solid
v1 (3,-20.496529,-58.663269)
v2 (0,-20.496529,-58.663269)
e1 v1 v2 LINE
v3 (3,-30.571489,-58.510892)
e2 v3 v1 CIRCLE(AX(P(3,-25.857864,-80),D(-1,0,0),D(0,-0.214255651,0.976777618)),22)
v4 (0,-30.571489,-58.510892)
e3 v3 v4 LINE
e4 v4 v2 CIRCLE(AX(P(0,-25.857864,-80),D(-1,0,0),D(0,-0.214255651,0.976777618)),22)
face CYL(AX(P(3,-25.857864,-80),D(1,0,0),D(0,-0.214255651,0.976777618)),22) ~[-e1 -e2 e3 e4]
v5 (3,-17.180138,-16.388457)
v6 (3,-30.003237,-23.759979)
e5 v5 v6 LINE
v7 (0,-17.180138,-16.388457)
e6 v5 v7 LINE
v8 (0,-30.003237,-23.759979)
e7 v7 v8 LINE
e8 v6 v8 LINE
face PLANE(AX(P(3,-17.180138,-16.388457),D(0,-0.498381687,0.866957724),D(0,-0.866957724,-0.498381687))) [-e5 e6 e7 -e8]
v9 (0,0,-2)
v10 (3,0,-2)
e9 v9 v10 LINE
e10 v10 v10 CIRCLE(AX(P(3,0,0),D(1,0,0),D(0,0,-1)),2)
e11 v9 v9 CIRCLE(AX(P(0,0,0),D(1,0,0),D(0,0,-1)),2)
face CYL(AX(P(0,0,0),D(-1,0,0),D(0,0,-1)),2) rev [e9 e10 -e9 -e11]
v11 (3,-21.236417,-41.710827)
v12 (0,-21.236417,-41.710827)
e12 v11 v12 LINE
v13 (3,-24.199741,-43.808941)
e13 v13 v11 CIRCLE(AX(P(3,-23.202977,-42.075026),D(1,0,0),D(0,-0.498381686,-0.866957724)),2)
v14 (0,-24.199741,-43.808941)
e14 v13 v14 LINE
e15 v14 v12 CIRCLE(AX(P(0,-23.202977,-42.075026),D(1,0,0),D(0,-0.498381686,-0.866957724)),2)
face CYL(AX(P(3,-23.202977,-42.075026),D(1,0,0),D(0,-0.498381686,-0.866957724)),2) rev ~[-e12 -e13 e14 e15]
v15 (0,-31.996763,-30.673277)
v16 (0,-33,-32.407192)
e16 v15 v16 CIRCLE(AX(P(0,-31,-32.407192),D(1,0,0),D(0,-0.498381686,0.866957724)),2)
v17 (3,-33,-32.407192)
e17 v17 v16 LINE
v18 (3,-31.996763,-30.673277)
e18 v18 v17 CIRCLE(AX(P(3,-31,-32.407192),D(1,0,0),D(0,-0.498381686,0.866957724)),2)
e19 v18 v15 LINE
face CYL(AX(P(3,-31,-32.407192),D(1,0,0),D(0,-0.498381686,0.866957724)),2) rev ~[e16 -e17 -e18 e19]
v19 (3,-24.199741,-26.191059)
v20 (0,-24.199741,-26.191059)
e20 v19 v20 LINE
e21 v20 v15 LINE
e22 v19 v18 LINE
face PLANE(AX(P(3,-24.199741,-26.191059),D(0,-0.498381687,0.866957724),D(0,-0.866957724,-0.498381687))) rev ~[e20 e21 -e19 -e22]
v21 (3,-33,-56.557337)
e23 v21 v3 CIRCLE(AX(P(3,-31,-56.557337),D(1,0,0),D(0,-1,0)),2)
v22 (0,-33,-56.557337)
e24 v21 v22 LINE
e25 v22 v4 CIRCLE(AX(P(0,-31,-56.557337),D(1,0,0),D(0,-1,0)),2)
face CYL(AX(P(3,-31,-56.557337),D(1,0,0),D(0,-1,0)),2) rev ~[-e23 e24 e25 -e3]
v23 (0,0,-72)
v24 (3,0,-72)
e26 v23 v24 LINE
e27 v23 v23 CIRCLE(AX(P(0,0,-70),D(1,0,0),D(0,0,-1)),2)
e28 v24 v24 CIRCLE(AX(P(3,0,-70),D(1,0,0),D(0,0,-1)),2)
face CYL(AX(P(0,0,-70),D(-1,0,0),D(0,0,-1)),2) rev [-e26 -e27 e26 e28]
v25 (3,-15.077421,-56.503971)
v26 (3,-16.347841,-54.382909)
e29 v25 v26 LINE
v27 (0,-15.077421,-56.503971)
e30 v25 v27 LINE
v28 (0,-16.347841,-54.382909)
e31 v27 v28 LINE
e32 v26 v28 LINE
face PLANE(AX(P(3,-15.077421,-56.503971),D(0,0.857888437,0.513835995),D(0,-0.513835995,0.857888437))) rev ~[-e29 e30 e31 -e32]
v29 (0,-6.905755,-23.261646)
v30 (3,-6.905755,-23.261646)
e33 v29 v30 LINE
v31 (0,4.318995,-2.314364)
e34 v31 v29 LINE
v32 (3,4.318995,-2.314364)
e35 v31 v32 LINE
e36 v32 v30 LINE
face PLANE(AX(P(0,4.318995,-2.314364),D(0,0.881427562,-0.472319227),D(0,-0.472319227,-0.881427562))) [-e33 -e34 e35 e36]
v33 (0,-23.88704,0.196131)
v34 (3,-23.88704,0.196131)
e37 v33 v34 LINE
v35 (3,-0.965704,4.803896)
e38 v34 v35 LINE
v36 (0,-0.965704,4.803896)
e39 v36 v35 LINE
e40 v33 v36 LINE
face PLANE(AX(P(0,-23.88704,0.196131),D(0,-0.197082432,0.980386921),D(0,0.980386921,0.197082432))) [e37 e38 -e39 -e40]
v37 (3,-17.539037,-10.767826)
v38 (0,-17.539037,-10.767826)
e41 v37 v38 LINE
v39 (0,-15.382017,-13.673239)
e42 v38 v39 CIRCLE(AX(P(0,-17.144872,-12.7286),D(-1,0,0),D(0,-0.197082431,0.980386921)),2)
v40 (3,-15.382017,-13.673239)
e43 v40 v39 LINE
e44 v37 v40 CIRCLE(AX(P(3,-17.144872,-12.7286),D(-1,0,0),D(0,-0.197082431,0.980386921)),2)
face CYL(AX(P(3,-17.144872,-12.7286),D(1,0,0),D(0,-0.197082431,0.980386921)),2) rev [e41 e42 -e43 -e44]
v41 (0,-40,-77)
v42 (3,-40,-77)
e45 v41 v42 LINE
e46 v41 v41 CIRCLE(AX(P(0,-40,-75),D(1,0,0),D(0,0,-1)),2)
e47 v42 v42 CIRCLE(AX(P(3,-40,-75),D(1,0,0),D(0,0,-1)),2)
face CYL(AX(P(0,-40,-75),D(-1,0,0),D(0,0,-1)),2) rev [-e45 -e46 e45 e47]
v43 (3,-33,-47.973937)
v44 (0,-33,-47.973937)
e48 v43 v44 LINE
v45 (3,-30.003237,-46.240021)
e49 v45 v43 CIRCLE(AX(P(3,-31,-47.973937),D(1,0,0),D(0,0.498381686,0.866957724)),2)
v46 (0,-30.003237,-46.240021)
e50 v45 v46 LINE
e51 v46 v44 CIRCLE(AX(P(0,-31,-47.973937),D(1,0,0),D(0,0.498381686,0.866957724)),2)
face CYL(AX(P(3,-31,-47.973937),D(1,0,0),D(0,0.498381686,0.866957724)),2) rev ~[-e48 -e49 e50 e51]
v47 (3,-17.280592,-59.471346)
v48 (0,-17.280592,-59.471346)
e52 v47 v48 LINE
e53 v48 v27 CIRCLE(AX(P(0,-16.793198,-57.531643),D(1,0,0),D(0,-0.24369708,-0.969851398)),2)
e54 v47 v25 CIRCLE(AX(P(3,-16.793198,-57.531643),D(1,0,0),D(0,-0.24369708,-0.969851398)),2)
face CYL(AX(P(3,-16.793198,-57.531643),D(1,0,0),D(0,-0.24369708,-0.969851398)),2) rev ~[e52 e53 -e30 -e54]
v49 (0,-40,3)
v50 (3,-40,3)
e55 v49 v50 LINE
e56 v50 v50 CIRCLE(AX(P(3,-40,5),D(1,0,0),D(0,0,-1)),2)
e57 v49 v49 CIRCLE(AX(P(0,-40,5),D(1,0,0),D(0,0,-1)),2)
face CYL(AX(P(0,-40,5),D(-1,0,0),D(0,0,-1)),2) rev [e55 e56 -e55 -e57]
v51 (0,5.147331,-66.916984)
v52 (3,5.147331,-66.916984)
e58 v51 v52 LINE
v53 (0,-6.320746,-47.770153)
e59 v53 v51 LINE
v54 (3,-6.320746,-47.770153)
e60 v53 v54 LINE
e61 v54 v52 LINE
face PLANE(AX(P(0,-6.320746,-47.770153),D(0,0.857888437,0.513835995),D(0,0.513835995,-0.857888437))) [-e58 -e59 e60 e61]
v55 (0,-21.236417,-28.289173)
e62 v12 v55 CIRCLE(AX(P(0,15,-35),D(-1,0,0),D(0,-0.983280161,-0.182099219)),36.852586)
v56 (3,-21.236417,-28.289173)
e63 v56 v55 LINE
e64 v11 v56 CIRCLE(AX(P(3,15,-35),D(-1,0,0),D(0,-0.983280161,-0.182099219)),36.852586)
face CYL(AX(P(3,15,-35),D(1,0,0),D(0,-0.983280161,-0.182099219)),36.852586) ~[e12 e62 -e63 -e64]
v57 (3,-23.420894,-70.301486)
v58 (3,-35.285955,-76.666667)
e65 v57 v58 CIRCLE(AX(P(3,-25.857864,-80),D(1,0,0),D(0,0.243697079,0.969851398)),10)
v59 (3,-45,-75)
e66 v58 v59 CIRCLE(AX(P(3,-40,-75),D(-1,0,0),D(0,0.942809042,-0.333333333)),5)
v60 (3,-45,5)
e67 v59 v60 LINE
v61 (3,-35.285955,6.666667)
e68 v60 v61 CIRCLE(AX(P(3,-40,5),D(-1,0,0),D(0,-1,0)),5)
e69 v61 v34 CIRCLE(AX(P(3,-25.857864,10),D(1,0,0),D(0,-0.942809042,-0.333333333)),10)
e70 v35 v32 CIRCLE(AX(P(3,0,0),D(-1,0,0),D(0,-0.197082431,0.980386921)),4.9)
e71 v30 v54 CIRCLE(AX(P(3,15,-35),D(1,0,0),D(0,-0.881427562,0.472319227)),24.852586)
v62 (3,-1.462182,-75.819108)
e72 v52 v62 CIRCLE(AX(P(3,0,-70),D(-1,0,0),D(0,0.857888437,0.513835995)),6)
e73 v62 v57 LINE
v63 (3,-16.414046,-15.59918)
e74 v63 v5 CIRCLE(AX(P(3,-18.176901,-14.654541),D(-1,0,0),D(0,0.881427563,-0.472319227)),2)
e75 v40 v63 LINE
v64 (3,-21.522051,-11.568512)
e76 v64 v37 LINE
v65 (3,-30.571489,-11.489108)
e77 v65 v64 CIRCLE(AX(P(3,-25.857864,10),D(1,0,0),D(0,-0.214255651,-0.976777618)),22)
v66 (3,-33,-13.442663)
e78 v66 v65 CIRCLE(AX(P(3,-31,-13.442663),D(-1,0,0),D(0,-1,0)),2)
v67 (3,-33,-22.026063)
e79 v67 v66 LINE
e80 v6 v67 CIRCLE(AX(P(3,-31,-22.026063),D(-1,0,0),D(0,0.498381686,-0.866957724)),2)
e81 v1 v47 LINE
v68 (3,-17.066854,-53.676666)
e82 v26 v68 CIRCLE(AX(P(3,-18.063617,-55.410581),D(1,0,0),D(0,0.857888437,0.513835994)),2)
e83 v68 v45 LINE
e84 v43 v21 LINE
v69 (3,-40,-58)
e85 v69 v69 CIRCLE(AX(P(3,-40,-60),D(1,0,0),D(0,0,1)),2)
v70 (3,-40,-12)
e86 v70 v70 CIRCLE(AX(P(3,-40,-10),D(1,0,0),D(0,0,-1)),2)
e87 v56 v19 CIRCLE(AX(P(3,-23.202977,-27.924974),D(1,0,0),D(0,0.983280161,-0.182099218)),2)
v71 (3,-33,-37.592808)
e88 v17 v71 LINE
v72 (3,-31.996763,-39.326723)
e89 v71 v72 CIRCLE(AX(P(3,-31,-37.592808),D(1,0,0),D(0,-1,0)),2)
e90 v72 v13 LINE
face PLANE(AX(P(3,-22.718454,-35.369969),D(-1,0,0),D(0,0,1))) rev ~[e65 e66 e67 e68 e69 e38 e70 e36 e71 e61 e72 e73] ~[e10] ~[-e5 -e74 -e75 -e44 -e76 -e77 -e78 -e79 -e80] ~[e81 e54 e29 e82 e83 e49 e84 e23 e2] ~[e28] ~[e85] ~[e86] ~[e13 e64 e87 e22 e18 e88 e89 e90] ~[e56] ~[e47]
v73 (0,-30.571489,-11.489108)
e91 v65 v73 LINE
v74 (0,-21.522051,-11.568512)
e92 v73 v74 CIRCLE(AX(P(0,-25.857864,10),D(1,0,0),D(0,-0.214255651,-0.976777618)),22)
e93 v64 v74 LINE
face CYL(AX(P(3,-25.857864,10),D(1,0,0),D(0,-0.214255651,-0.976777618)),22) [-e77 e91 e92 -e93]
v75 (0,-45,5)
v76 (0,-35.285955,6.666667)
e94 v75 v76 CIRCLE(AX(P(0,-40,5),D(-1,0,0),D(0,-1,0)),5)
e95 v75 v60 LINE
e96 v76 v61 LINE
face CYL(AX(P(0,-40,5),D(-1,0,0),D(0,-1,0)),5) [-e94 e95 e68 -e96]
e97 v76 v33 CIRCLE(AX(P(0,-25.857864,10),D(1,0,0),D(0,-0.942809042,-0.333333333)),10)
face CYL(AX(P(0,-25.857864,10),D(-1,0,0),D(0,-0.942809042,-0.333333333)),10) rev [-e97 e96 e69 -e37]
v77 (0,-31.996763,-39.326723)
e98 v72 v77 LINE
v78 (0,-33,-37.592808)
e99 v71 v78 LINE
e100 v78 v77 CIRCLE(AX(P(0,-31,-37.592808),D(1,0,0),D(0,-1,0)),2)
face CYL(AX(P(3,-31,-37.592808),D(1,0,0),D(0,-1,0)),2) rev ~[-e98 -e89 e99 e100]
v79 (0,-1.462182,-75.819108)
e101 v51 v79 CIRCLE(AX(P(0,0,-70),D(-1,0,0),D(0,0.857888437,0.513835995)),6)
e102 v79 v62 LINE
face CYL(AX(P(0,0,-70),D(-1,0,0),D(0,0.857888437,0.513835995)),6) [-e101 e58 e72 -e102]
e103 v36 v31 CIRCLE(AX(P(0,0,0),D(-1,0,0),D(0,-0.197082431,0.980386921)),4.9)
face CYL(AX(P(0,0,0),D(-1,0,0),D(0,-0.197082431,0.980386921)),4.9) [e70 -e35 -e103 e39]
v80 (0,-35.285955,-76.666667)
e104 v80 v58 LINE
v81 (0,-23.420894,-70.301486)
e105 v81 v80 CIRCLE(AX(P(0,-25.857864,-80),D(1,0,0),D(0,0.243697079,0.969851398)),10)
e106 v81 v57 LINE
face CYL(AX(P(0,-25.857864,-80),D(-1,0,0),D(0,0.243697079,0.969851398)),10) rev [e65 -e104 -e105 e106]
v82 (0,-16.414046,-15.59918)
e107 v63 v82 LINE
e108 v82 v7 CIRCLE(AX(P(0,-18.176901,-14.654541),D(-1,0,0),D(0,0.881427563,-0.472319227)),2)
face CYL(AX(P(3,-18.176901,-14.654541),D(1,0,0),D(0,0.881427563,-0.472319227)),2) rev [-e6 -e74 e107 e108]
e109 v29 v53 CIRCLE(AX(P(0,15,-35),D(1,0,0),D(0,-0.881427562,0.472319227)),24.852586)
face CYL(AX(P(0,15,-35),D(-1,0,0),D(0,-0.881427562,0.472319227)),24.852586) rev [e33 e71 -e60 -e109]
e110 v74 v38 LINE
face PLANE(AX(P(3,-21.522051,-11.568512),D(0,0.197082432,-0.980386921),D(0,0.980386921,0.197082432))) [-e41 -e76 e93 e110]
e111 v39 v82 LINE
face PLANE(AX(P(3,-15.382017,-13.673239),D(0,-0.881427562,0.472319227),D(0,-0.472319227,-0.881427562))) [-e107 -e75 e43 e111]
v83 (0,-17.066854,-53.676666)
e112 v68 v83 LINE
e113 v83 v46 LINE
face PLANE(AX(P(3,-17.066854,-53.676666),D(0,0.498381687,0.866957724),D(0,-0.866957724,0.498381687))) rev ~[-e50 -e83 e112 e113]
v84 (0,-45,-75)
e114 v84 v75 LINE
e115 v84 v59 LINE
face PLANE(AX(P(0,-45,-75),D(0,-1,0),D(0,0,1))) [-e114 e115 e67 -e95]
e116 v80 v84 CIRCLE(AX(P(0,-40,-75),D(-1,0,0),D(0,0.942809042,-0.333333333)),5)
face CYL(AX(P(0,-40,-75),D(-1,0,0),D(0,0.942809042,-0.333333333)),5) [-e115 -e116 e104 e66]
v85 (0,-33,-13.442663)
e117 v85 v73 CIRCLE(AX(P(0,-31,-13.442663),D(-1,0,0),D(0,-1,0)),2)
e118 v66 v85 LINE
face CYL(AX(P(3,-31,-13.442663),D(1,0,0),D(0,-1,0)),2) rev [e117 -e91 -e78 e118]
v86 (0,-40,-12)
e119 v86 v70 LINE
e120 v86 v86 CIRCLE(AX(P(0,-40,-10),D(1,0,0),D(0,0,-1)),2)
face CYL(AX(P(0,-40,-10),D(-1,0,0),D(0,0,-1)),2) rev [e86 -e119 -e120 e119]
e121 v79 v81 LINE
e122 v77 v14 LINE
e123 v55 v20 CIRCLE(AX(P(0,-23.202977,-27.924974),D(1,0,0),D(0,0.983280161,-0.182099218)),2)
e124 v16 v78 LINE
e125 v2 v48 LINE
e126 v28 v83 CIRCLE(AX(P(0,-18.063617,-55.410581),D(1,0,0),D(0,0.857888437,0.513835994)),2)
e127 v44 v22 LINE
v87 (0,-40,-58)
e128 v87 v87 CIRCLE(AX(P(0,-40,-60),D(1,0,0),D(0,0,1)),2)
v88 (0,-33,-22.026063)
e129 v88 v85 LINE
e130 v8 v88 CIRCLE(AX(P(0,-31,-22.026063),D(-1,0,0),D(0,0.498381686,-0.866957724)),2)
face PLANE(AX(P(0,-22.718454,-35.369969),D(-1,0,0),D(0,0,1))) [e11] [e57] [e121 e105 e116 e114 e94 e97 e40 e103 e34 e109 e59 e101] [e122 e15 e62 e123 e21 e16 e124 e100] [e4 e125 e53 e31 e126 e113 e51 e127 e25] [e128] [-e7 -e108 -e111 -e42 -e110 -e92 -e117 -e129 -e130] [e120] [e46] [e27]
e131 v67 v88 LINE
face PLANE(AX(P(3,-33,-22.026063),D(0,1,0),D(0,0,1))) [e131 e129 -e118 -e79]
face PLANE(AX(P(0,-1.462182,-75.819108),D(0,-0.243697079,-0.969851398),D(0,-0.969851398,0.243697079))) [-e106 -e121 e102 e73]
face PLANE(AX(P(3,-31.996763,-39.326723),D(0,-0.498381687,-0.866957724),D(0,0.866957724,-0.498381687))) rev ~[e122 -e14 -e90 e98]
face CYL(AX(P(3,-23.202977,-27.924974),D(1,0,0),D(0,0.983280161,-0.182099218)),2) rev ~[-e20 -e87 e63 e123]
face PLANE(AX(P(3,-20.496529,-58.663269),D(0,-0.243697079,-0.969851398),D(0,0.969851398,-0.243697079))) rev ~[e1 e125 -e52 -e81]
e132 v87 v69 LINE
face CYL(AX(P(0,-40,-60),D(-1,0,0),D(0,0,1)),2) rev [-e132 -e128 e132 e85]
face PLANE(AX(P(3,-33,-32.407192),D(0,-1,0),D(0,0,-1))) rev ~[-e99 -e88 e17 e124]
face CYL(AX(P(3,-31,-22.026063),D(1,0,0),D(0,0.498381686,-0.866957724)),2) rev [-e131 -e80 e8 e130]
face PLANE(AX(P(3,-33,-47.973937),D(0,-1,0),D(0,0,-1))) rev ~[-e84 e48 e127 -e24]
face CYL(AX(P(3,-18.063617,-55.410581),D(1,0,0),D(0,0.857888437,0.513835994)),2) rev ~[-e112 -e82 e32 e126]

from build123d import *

# Parameters (mm, degrees)
SKETCH_1_R          = 2
EXTRUDE_1_DEPTH     = 3
CUT_EXTRUDE_1_DEPTH = 3


with BuildPart() as part:
    # ｽｹｯﾁ1 → ﾎﾞｽ - 押し出し1 (new body)
    with BuildSketch(Plane(origin=(0, 0, 0), x_dir=(0, 0, -1), z_dir=(1, 0, 0))):
        with BuildLine():
            Line((75.819108386, -1.462182475), (70.301486023, -23.420893584))
            ThreePointArc((70.301486023, -23.420893584), (71.18795254, -30.585212423), (76.666666667, -35.285954792))
            ThreePointArc((76.666666667, -35.285954792), (79.927992798, -40.845509894), (75, -45))
            Line((75, -45), (-5, -45))
            ThreePointArc((-5, -45), (-9.927992798, -40.845509894), (-6.666666667, -35.285954792))
            ThreePointArc((-6.666666667, -35.285954792), (-1.303429587, -30.794428268), (-0.196130789, -23.88704006))
            Line((-0.196130789, -23.88704006), (-4.803895914, -0.965703915))
            ThreePointArc((-4.803895914, -0.965703915), (-2.920865081, 3.934278482), (2.314364214, 4.318995055))
            Line((2.314364214, 4.318995055), (23.261645602, -6.905754637))
            ThreePointArc((23.261645602, -6.905754637), (35.593052242, -9.845509438), (47.770153464, -6.320746485))
            Line((47.770153464, -6.320746485), (66.916984028, 5.14733062))
            ThreePointArc((66.916984028, 5.14733062), (73.576725635, 4.817367926), (75.819108386, -1.462182475))
        make_face()
        Circle(SKETCH_1_R, mode=Mode.SUBTRACT)
        with Locations((70, 0)):
            Circle(SKETCH_1_R, mode=Mode.SUBTRACT)
        with Locations((-5, -40)):
            Circle(SKETCH_1_R, mode=Mode.SUBTRACT)
        with Locations((75, -40)):
            Circle(SKETCH_1_R, mode=Mode.SUBTRACT)
        with Locations((10, -40)):
            Circle(SKETCH_1_R, mode=Mode.SUBTRACT)
        with Locations(Location((60, -40, 0), (0, 0, 180))):
            Circle(SKETCH_1_R, mode=Mode.SUBTRACT)
    extrude(amount=EXTRUDE_1_DEPTH)

    # ｽｹｯﾁ4 → ｶｯﾄ - 押し出し1 (cut)
    with BuildSketch(Plane(origin=(3, 0, 0), x_dir=(0, 0, -1), z_dir=(1, 0, 0))):
        with BuildLine():
            Line((16.388456854, -17.18013778), (23.759978506, -30.003236627))
            ThreePointArc((23.759978506, -30.003236627), (23.75717928, -32.001617006), (22.026063059, -33))
            Line((22.026063059, -33), (13.442662844, -33))
            ThreePointArc((13.442662844, -33), (11.884294691, -32.253590323), (11.489107607, -30.571488698))
            ThreePointArc((11.489107607, -30.571488698), (11.999153131, -26.050896834), (11.568512265, -21.52205088))
            Line((11.568512265, -21.52205088), (10.767826216, -17.539036649))
            ThreePointArc((10.767826216, -17.539036649), (11.53641023, -15.539043834), (13.673238513, -15.382016661))
            Line((13.673238513, -15.382016661), (15.599179861, -16.414046028))
            ThreePointArc((15.599179861, -16.414046028), (16.047519114, -16.74176593), (16.388456854, -17.18013778))
        make_face()
        with BuildLine():
            Line((26.191058921, -24.199740762), (30.673276651, -31.996763373))
            ThreePointArc((30.673276651, -31.996763373), (31.405575092, -32.731116222), (32.407192098, -33))
            Line((32.407192098, -33), (37.592807902, -33))
            ThreePointArc((37.592807902, -33), (38.594424908, -32.731116222), (39.326723349, -31.996763373))
            Line((39.326723349, -31.996763373), (43.808941079, -24.199740762))
            ThreePointArc((43.808941079, -24.199740762), (43.707310227, -22.047275438), (41.710827194, -21.236417067))
            ThreePointArc((41.710827194, -21.236417067), (35, -21.852586388), (28.289172806, -21.236417067))
            ThreePointArc((28.289172806, -21.236417067), (26.292689773, -22.047275438), (26.191058921, -24.199740762))
        make_face()
        with BuildLine():
            Line((58.663269251, -20.496528634), (59.471345903, -17.280592385))
            ThreePointArc((59.471345903, -17.280592385), (58.723884986, -15.187408917), (56.503971117, -15.077421353))
            Line((56.503971117, -15.077421353), (54.382909172, -16.347840593))
            ThreePointArc((54.382909172, -16.347840593), (53.983753774, -16.662131254), (53.676665716, -17.066854093))
            Line((53.676665716, -17.066854093), (46.240021494, -30.003236627))
            ThreePointArc((46.240021494, -30.003236627), (46.24282072, -32.001617006), (47.973936941, -33))
            Line((47.973936941, -33), (56.557337156, -33))
            ThreePointArc((56.557337156, -33), (58.115705309, -32.253590323), (58.510892393, -30.571488698))
            ThreePointArc((58.510892393, -30.571488698), (58.002515762, -25.52516752), (58.663269251, -20.496528634))
        make_face()
    extrude(amount=-CUT_EXTRUDE_1_DEPTH, mode=Mode.SUBTRACT)


solid = part.part
